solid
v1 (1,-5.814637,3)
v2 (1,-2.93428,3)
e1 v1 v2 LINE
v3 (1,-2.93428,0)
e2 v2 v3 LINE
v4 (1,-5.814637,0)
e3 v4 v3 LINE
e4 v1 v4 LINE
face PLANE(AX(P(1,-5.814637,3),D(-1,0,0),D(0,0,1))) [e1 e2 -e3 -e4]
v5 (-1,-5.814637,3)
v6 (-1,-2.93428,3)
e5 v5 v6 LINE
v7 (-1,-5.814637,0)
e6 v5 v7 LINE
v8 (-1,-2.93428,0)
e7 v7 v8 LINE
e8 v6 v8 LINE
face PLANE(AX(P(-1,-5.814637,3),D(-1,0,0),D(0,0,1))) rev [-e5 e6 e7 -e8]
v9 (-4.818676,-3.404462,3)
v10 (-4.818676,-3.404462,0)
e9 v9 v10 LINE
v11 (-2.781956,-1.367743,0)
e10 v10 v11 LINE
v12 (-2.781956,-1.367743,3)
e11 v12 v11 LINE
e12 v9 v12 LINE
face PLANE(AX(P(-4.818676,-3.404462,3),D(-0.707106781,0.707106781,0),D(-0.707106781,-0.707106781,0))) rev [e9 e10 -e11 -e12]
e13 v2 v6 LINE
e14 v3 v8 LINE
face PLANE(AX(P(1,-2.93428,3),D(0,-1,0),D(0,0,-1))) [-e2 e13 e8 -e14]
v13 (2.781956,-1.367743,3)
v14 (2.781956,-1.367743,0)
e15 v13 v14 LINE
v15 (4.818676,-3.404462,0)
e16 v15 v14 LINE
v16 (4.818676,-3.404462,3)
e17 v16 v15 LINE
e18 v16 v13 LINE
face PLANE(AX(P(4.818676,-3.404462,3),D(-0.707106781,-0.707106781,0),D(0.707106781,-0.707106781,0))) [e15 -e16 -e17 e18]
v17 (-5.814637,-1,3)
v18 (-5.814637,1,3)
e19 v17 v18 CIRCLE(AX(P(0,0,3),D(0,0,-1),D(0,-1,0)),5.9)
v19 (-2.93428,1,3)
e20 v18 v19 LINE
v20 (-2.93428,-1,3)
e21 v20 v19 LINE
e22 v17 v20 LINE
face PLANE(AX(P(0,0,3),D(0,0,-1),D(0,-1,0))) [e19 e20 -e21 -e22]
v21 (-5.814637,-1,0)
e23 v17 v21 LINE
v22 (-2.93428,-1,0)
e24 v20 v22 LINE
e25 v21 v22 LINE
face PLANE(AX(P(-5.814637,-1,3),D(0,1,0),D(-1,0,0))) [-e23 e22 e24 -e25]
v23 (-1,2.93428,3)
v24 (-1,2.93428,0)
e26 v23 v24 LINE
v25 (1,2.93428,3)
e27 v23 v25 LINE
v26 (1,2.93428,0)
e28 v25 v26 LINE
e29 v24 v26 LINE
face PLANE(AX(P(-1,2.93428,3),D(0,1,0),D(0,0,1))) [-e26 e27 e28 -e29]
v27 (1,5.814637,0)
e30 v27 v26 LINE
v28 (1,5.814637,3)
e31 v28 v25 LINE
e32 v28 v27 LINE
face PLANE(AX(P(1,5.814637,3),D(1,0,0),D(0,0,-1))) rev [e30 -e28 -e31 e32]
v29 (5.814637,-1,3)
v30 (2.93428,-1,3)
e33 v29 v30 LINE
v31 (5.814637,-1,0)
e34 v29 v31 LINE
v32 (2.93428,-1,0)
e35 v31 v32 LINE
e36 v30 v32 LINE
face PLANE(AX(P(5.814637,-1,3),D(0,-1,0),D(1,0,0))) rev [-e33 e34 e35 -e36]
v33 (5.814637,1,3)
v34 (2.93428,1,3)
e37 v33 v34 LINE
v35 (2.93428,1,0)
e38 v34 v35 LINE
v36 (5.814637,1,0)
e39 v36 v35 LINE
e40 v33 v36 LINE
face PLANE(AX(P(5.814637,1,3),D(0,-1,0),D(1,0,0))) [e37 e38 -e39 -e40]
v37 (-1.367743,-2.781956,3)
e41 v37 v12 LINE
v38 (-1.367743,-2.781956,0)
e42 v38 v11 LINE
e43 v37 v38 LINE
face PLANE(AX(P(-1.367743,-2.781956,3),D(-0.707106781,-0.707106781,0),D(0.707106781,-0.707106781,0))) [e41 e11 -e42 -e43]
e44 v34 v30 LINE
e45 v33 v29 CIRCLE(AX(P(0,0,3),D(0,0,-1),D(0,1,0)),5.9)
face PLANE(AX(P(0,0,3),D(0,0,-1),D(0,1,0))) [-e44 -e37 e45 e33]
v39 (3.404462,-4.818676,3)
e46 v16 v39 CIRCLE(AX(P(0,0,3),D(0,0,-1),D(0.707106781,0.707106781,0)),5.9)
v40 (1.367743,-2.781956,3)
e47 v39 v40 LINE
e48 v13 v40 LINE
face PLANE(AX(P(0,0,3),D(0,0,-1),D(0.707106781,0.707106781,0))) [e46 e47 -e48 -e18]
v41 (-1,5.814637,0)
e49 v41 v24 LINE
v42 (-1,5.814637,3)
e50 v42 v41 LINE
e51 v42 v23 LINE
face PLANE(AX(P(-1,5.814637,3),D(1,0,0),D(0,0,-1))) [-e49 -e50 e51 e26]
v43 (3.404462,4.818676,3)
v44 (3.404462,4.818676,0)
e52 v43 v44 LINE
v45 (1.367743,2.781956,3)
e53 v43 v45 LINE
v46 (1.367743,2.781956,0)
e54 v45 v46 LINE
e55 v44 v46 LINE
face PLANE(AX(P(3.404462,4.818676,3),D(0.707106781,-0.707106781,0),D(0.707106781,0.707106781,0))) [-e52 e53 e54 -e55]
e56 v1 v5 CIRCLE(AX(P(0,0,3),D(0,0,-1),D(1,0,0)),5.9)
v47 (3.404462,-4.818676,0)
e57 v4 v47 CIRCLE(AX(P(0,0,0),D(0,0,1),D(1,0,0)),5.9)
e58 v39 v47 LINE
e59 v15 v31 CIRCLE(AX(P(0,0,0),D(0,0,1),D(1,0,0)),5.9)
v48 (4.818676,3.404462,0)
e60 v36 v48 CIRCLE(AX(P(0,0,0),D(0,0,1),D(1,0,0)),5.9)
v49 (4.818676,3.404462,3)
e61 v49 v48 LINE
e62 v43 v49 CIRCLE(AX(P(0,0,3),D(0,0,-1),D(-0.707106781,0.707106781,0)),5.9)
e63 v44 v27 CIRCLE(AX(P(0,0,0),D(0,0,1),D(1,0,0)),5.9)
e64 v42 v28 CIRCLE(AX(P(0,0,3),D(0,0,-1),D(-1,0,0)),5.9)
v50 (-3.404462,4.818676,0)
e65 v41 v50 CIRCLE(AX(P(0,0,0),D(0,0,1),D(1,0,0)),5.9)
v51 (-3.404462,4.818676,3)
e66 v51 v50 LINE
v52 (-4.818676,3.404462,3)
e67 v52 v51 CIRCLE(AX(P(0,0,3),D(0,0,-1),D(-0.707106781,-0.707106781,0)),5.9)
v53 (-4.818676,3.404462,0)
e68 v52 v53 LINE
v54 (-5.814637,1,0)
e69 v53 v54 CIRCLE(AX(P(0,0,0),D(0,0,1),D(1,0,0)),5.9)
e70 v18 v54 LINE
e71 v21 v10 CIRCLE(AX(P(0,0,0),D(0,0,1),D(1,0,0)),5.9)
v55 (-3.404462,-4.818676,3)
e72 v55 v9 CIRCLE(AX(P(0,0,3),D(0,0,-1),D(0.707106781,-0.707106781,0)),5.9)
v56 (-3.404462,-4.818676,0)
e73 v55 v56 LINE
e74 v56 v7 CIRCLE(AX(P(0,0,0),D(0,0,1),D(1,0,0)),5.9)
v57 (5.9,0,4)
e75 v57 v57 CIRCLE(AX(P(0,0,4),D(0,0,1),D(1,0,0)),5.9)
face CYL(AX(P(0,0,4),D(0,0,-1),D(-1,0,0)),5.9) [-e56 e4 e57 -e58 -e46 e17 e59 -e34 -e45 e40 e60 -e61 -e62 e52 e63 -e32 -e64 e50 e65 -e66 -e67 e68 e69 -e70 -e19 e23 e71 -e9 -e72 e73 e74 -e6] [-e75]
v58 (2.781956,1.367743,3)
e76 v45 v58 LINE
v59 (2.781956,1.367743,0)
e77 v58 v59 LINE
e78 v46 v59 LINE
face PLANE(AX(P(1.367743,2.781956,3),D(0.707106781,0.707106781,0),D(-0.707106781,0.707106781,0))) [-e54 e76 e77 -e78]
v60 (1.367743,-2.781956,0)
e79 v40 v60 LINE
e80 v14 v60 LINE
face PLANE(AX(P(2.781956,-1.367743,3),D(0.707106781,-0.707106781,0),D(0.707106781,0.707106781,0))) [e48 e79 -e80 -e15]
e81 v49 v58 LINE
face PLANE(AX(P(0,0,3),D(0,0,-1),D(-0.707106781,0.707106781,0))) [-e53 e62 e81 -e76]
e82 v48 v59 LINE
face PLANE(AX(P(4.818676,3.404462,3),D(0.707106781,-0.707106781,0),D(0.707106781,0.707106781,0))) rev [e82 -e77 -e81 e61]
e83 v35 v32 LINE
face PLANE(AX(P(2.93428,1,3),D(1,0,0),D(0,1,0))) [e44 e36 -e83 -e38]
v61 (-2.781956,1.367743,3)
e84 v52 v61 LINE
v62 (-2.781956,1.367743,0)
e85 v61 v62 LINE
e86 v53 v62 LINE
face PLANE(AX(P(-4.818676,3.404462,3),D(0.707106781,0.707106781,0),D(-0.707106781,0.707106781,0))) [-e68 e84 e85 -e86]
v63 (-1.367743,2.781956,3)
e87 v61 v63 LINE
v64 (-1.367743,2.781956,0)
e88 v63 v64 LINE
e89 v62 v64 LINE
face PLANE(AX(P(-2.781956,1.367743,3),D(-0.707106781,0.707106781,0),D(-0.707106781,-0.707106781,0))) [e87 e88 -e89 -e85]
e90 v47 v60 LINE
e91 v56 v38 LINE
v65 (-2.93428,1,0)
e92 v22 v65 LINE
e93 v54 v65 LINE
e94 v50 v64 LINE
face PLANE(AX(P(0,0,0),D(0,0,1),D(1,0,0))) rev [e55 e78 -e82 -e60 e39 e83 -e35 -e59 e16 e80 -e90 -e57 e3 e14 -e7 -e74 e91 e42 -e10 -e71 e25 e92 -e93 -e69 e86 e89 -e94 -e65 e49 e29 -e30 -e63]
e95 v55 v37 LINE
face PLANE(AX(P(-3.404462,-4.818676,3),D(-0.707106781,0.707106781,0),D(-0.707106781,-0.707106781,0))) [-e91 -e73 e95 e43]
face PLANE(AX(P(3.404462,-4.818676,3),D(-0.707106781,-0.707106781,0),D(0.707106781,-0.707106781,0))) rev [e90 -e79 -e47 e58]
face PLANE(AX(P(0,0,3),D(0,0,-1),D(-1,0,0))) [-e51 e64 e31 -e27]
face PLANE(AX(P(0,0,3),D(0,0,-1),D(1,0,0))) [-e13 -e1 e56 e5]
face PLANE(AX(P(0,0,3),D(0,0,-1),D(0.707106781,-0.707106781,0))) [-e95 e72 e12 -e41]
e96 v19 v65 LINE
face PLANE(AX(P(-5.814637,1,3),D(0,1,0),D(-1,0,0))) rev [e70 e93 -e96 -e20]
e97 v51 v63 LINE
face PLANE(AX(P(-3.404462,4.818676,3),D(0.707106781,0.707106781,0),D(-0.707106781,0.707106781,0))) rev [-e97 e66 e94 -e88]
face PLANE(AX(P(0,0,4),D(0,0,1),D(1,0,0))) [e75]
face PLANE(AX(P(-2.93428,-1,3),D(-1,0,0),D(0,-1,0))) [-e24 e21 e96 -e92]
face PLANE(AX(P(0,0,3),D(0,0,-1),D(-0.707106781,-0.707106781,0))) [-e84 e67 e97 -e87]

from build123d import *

# Parameters (mm, degrees)
SKETCH1_R           = 5.9
BOSS_EXTRUDE1_DEPTH = 4
CUT_EXTRUDE2_DEPTH  = 3
CIRPATTERN1_COUNT   = 8


with BuildPart() as part:
    # Sketch1 → Boss-Extrude1 (new body)
    with BuildSketch(Plane.XY):
        Circle(SKETCH1_R)
    extrude(amount=BOSS_EXTRUDE1_DEPTH)

    # Sketch2 → Cut-Extrude2 (cut)
    with BuildSketch(Plane(origin=(0, 0, 0), x_dir=(-1, 0, 0), z_dir=(0, 0, -1))):
        with BuildLine():
            Line((1, 5.814636704), (1, 2.93428015))
            Line((1, 2.93428015), (-1, 2.93428015))
            Line((-1, 2.93428015), (-1, 5.814636704))
            ThreePointArc((-1, 5.814636704), (0, 5.9), (1, 5.814636704))
        make_face()
    cut_extrude2 = extrude(amount=-CUT_EXTRUDE2_DEPTH, mode=Mode.SUBTRACT)

    # CirPattern1: Cut-Extrude2 ×8 about axis
    cirpattern1_axis = Axis((0, 0, 0), (0, 0, 1))
    for i in range(1, CIRPATTERN1_COUNT):
        add(cut_extrude2.rotate(cirpattern1_axis, i * 360 / CIRPATTERN1_COUNT), mode=Mode.SUBTRACT)


solid = part.part
